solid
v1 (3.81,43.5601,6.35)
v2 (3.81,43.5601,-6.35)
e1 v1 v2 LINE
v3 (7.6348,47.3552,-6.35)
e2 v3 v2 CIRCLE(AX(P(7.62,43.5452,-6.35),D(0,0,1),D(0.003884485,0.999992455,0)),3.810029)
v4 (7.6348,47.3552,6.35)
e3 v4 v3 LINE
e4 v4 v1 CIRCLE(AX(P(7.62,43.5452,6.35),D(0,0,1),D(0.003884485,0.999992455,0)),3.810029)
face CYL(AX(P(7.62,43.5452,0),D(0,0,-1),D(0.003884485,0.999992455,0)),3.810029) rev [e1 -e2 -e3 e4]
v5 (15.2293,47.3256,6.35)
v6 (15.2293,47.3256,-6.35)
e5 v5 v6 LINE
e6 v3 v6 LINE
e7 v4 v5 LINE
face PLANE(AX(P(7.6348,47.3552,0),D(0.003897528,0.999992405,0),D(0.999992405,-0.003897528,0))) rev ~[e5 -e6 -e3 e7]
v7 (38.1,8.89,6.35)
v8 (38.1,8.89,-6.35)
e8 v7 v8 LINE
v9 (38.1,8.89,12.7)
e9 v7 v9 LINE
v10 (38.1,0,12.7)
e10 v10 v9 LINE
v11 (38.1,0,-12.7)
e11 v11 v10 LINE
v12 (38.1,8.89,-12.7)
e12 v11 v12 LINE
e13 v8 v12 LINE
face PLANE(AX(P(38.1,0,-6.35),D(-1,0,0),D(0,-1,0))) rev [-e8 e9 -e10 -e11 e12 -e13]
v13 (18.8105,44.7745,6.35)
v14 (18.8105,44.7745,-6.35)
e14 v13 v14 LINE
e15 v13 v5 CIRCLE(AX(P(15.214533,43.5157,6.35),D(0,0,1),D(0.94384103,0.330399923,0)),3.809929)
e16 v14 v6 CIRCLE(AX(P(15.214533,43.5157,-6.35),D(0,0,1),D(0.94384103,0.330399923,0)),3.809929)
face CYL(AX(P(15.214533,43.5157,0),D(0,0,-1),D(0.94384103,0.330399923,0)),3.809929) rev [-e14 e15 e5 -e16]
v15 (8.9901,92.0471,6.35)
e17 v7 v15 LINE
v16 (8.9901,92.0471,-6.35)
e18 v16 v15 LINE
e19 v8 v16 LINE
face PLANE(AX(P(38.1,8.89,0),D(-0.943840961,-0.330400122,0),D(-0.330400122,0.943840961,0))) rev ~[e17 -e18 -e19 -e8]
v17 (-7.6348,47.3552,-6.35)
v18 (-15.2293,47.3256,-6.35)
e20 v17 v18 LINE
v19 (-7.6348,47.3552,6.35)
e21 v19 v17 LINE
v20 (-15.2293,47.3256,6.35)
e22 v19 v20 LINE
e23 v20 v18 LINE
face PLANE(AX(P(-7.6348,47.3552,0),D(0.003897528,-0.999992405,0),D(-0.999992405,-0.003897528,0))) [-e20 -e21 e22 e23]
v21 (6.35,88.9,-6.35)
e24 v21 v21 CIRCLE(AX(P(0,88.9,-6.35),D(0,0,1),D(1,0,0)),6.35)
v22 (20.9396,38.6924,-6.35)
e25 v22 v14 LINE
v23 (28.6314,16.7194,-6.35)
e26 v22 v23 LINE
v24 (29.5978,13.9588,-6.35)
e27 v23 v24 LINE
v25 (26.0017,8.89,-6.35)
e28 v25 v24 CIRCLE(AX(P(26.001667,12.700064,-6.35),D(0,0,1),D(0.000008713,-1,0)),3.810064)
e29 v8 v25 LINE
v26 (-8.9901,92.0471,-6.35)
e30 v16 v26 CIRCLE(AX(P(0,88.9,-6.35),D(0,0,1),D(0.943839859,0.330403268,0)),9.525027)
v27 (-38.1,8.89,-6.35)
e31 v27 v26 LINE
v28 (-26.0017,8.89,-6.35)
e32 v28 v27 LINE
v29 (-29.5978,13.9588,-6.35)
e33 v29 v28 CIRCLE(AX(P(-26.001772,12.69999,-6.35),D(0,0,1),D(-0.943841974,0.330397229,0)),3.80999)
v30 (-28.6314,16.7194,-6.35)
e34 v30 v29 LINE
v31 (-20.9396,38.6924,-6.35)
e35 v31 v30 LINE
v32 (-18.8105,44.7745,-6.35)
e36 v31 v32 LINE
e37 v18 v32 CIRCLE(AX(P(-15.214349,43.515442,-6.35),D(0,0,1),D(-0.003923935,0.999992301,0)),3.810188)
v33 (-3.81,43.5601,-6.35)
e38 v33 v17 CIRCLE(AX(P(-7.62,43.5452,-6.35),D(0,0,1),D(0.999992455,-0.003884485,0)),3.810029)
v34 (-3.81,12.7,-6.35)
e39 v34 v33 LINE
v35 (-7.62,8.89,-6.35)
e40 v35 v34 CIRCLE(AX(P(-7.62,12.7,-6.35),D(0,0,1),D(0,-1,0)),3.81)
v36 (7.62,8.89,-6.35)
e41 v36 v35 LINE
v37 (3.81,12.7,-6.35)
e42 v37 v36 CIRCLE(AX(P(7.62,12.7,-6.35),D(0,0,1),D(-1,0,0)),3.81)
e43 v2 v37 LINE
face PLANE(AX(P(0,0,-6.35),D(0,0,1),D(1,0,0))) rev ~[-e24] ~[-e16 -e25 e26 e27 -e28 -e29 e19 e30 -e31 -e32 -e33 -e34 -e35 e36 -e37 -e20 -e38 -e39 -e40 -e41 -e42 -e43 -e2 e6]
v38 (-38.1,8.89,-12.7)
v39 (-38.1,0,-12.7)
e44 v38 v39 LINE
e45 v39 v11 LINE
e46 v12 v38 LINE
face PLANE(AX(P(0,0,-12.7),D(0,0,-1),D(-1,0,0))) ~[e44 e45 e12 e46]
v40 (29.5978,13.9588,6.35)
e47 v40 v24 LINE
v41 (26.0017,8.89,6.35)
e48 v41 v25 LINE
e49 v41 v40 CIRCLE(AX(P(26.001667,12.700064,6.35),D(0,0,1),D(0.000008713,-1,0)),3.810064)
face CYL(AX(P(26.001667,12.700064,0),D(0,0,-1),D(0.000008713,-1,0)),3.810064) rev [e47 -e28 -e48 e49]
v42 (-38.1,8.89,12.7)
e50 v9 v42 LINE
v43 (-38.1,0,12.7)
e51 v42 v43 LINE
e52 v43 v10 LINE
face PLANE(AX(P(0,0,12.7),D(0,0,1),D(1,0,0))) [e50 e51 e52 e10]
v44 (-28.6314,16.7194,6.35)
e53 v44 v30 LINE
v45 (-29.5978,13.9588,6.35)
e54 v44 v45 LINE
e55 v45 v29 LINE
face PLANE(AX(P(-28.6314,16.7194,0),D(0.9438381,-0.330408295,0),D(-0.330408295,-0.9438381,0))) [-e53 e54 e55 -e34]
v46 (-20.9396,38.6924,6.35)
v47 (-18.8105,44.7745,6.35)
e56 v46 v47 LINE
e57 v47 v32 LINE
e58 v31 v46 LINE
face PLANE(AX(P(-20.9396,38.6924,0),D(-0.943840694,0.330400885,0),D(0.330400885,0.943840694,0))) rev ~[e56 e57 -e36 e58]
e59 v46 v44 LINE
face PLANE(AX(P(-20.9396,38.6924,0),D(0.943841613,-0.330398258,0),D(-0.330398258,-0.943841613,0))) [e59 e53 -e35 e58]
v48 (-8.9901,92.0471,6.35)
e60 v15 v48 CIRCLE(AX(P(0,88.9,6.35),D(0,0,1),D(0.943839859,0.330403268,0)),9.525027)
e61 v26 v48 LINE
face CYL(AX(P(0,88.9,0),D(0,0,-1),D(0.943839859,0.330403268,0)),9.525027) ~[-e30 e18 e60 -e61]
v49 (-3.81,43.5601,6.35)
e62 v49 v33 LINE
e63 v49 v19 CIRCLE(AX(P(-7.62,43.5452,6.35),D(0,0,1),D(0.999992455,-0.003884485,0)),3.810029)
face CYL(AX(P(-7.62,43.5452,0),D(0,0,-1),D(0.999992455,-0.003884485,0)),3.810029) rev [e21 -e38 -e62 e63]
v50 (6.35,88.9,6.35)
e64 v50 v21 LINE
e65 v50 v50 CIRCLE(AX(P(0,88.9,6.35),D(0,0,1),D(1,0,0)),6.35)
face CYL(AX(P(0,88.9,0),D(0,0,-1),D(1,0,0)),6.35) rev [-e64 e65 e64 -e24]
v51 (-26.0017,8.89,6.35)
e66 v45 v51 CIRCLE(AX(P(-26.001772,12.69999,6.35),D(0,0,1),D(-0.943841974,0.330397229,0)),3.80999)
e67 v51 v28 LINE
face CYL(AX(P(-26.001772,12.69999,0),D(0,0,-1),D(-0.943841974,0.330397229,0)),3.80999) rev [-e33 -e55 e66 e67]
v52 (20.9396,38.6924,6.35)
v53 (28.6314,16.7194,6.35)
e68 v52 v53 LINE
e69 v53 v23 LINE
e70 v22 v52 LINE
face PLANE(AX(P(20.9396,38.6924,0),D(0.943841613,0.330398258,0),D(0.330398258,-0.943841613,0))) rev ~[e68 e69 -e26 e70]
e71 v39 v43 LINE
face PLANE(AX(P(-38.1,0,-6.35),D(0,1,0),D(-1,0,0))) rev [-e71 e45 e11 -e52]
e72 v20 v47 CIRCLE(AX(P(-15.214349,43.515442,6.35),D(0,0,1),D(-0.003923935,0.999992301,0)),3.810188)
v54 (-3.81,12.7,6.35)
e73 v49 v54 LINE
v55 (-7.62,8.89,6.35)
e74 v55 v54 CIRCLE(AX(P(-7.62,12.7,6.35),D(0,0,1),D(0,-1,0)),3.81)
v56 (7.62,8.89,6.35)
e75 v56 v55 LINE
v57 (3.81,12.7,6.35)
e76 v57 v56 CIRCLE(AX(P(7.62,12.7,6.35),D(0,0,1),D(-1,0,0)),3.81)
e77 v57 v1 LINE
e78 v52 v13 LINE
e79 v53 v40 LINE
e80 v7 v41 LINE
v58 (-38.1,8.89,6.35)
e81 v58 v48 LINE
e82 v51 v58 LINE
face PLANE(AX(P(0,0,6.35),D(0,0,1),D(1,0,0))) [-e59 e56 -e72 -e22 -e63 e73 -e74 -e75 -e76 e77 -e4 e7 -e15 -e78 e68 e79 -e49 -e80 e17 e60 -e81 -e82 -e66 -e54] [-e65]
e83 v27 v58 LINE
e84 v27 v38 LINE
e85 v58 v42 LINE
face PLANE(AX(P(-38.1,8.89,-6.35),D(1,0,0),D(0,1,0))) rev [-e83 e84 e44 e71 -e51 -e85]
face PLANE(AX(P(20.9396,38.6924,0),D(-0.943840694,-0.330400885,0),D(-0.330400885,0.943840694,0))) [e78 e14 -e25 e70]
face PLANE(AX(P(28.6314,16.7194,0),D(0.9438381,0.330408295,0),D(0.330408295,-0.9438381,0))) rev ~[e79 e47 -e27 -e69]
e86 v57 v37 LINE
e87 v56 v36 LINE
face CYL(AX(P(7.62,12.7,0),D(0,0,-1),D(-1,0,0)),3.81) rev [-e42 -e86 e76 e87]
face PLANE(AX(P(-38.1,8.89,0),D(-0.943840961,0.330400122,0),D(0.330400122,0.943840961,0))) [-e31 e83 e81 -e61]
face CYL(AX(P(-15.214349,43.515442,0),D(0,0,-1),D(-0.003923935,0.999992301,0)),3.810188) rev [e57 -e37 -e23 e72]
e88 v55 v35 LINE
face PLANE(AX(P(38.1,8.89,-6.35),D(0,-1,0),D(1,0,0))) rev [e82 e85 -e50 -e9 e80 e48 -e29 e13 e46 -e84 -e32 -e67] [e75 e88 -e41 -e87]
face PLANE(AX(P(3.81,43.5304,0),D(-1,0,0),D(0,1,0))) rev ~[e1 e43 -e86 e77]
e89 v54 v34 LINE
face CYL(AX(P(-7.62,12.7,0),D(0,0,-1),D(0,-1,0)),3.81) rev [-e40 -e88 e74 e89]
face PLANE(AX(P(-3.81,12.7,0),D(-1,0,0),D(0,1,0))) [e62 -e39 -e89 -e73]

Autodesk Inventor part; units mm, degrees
ref_plane "YZ Plane" through (0, 0, 0) normal (1, 0, 0) x (0, 1, 0)
ref_plane "XZ Plane" through (0, 0, 0) normal (0, 1, 0) x (-1, 0, 0)
ref_plane "XY Plane" through (0, 0, 0) normal (0, 0, 1) x (1, 0, 0)
sketch "Sketch1" plane through (0, 0, 0) normal (0, 0, 1) x (1, 0, 0)
  line L0 (0, 0) -> (0, 88.9) construction
  circle A0 centre (0, 88.9) radius 6.35
  arc A1 (8.9901, 92.0471) -> (-8.9901, 92.0471) centre (0, 88.9) ccw
  line L1 (0, 0) -> (-38.1, 0)
  line L2 (-38.1, 0) -> (-38.1, 8.89)
  line L3 (-38.1, 8.89) -> (-8.9901, 92.0471)
  line L4 (0, 0) -> (38.1, 0)
  line L5 (38.1, 0) -> (38.1, 8.89)
  line L6 (38.1, 8.89) -> (8.9901, 92.0471)
  line L7 (-20.9396, 38.6924) -> (-28.6314, 16.7194)
  line L8 (-20.9396, 12.7) -> (0, 12.7) construction
  arc A2 (-29.5978, 13.9588) -> (-26.0017, 8.89) centre (-26.0017, 12.7) ccw
  line L9 (-28.6314, 16.7194) -> (-29.5978, 13.9588)
  line L10 (-20.9396, 8.89) -> (-26.0017, 8.89)
  line L11 (-20.9396, 12.7) -> (-26.0017, 12.7) construction
  circle A3 centre (0, 12.7) radius 3.81 construction
  arc A4 (-7.62, 8.89) -> (-3.81, 12.7) centre (-7.62, 12.7) ccw
  line L12 (-3.81, 12.7) -> (-3.81, 43.5601)
  line L13 (-26.0017, 12.7) -> (-13.8789, 47.3309) construction
  line L14 (-23.545, 50.4685) -> (0, 42.2264) construction
  line L15 (-24.8039, 46.8725) -> (0, 38.1897) construction
  line L16 (-20.9396, 38.6924) -> (-18.8105, 44.7745)
  line L17 (-15.2144, 43.5156) -> (-3.81, 43.5601) construction
  circle A5 centre (-3.81, 43.5601) radius 3.81 construction
  line L18 (-7.6348, 47.3552) -> (-15.2293, 47.3256)
  arc A6 (-15.2293, 47.3256) -> (-18.8105, 44.7745) centre (-15.2144, 43.5156) ccw
  arc A7 (-3.81, 43.5304) -> (-7.6348, 47.3552) centre (-7.62, 43.5452) ccw
  line L19 (-20.9396, 8.89) -> (-7.62, 8.89)
  line L20 (20.9396, 38.6924) -> (28.6314, 16.7194)
  arc A8 (26.0017, 8.89) -> (29.5978, 13.9588) centre (26.0017, 12.7) ccw
  line L21 (20.9396, 8.89) -> (26.0017, 8.89)
  arc A9 (3.81, 12.7) -> (7.62, 8.89) centre (7.62, 12.7) ccw
  line L22 (3.81, 12.7) -> (3.81, 43.5601)
  line L23 (20.9396, 38.6924) -> (18.8105, 44.7745)
  line L24 (7.6348, 47.3552) -> (15.2293, 47.3256)
  arc A10 (18.8105, 44.7745) -> (15.2293, 47.3256) centre (15.2144, 43.5156) ccw
  arc A11 (7.6348, 47.3552) -> (3.81, 43.5304) centre (7.62, 43.5452) ccw
  line L25 (20.9396, 8.89) -> (7.62, 8.89)
  line L26 (28.6314, 16.7194) -> (29.5978, 13.9588)
  point P0 (-3.81, 64.5628)
  dimension "d20" = 7.62
  dimension "d0" = 88.9
  dimension "d2" = 12.7
  dimension "d3" = 19.05
  dimension "d5" = 38.1
  dimension "d6" = 90
  dimension "d7" = 8.89
  dimension "d14" = 6.35
  dimension "d16" = 7.62
  dimension "d17" = 70.707
  dimension "d18" = 3.81
  dimension "d22" = 3.81
  dimension "d23" = 3.81
  dimension "d24" = 12.7
  dimension "d25" = 3.81
extrude "Extrusion1" add sketch "Sketch1" along normal mid plane 12.7
sketch "Sketch2" plane through (0, 0, 6.35) normal (0, 0, 1) x (1, 0, 0)
  arc A0 (26.0017, 8.89) -> (29.5978, 13.9588) centre (26.0017, 12.7) ccw projected
  line L0 (26.0017, 8.89) -> (7.62, 8.89) projected
  arc A1 (3.81, 12.7) -> (7.62, 8.89) centre (7.62, 12.7) ccw projected
  line L1 (3.81, 12.7) -> (3.81, 43.5304) projected
  arc A2 (7.6348, 47.3552) -> (3.81, 43.5304) centre (7.62, 43.5452) ccw projected
  line L2 (7.6348, 47.3552) -> (15.2293, 47.3256) projected
  arc A3 (18.8105, 44.7745) -> (15.2293, 47.3256) centre (15.2144, 43.5156) ccw projected
  line L3 (18.8105, 44.7745) -> (29.5978, 13.9588) projected
  arc A4 (-15.2293, 47.3256) -> (-18.8105, 44.7745) centre (-15.2144, 43.5156) ccw projected
  line L4 (-15.2293, 47.3256) -> (-7.6348, 47.3552) projected
  arc A5 (-3.81, 43.5304) -> (-7.6348, 47.3552) centre (-7.62, 43.5452) ccw projected
  line L5 (-3.81, 43.5304) -> (-3.81, 12.7) projected
  arc A6 (-7.62, 8.89) -> (-3.81, 12.7) centre (-7.62, 12.7) ccw projected
  line L6 (-7.62, 8.89) -> (-26.0017, 8.89) projected
  arc A7 (-29.5978, 13.9588) -> (-26.0017, 8.89) centre (-26.0017, 12.7) ccw projected
  line L7 (-29.5978, 13.9588) -> (-18.8105, 44.7745) projected
  circle A8 centre (0, 88.9) radius 6.35 projected
  line L8 (-38.1, 0) -> (38.1, 0) projected
  line L9 (38.1, 0) -> (38.1, 8.89) projected
  line L10 (38.1, 8.89) -> (8.9901, 92.0471) projected
  arc A9 (8.9901, 92.0471) -> (-8.9901, 92.0471) centre (0, 88.9) ccw projected
  line L11 (-8.9901, 92.0471) -> (-38.1, 8.89) projected
  line L12 (-38.1, 8.89) -> (-38.1, 0) projected
  point P0 (0, 0)
sketch "Sketch3" plane through (0, 0, 6.35) normal (0, 0, 1) x (1, 0, 0)
  line L0 (-38.1, 0) -> (38.1, 0) projected
  line L1 (38.1, 0) -> (38.1, 8.89) projected
  line L2 (-38.1, 0) -> (38.1, 0)
  line L3 (38.1, 0) -> (38.1, 8.89)
  line L4 (38.1, 8.89) -> (-38.1, 8.89)
  line L5 (-38.1, 8.89) -> (-38.1, 0)
  point P0 (0, 0)
extrude "Extrusion2" add sketch "Sketch3" along normal blind 6.35
mirror "Mirror1" about plane through (0, 0, 0) normal (0, 0, 1) of "Extrusion2"
properties part number "Y_axis_shaft_end_support" material "Aluminum 6061"
